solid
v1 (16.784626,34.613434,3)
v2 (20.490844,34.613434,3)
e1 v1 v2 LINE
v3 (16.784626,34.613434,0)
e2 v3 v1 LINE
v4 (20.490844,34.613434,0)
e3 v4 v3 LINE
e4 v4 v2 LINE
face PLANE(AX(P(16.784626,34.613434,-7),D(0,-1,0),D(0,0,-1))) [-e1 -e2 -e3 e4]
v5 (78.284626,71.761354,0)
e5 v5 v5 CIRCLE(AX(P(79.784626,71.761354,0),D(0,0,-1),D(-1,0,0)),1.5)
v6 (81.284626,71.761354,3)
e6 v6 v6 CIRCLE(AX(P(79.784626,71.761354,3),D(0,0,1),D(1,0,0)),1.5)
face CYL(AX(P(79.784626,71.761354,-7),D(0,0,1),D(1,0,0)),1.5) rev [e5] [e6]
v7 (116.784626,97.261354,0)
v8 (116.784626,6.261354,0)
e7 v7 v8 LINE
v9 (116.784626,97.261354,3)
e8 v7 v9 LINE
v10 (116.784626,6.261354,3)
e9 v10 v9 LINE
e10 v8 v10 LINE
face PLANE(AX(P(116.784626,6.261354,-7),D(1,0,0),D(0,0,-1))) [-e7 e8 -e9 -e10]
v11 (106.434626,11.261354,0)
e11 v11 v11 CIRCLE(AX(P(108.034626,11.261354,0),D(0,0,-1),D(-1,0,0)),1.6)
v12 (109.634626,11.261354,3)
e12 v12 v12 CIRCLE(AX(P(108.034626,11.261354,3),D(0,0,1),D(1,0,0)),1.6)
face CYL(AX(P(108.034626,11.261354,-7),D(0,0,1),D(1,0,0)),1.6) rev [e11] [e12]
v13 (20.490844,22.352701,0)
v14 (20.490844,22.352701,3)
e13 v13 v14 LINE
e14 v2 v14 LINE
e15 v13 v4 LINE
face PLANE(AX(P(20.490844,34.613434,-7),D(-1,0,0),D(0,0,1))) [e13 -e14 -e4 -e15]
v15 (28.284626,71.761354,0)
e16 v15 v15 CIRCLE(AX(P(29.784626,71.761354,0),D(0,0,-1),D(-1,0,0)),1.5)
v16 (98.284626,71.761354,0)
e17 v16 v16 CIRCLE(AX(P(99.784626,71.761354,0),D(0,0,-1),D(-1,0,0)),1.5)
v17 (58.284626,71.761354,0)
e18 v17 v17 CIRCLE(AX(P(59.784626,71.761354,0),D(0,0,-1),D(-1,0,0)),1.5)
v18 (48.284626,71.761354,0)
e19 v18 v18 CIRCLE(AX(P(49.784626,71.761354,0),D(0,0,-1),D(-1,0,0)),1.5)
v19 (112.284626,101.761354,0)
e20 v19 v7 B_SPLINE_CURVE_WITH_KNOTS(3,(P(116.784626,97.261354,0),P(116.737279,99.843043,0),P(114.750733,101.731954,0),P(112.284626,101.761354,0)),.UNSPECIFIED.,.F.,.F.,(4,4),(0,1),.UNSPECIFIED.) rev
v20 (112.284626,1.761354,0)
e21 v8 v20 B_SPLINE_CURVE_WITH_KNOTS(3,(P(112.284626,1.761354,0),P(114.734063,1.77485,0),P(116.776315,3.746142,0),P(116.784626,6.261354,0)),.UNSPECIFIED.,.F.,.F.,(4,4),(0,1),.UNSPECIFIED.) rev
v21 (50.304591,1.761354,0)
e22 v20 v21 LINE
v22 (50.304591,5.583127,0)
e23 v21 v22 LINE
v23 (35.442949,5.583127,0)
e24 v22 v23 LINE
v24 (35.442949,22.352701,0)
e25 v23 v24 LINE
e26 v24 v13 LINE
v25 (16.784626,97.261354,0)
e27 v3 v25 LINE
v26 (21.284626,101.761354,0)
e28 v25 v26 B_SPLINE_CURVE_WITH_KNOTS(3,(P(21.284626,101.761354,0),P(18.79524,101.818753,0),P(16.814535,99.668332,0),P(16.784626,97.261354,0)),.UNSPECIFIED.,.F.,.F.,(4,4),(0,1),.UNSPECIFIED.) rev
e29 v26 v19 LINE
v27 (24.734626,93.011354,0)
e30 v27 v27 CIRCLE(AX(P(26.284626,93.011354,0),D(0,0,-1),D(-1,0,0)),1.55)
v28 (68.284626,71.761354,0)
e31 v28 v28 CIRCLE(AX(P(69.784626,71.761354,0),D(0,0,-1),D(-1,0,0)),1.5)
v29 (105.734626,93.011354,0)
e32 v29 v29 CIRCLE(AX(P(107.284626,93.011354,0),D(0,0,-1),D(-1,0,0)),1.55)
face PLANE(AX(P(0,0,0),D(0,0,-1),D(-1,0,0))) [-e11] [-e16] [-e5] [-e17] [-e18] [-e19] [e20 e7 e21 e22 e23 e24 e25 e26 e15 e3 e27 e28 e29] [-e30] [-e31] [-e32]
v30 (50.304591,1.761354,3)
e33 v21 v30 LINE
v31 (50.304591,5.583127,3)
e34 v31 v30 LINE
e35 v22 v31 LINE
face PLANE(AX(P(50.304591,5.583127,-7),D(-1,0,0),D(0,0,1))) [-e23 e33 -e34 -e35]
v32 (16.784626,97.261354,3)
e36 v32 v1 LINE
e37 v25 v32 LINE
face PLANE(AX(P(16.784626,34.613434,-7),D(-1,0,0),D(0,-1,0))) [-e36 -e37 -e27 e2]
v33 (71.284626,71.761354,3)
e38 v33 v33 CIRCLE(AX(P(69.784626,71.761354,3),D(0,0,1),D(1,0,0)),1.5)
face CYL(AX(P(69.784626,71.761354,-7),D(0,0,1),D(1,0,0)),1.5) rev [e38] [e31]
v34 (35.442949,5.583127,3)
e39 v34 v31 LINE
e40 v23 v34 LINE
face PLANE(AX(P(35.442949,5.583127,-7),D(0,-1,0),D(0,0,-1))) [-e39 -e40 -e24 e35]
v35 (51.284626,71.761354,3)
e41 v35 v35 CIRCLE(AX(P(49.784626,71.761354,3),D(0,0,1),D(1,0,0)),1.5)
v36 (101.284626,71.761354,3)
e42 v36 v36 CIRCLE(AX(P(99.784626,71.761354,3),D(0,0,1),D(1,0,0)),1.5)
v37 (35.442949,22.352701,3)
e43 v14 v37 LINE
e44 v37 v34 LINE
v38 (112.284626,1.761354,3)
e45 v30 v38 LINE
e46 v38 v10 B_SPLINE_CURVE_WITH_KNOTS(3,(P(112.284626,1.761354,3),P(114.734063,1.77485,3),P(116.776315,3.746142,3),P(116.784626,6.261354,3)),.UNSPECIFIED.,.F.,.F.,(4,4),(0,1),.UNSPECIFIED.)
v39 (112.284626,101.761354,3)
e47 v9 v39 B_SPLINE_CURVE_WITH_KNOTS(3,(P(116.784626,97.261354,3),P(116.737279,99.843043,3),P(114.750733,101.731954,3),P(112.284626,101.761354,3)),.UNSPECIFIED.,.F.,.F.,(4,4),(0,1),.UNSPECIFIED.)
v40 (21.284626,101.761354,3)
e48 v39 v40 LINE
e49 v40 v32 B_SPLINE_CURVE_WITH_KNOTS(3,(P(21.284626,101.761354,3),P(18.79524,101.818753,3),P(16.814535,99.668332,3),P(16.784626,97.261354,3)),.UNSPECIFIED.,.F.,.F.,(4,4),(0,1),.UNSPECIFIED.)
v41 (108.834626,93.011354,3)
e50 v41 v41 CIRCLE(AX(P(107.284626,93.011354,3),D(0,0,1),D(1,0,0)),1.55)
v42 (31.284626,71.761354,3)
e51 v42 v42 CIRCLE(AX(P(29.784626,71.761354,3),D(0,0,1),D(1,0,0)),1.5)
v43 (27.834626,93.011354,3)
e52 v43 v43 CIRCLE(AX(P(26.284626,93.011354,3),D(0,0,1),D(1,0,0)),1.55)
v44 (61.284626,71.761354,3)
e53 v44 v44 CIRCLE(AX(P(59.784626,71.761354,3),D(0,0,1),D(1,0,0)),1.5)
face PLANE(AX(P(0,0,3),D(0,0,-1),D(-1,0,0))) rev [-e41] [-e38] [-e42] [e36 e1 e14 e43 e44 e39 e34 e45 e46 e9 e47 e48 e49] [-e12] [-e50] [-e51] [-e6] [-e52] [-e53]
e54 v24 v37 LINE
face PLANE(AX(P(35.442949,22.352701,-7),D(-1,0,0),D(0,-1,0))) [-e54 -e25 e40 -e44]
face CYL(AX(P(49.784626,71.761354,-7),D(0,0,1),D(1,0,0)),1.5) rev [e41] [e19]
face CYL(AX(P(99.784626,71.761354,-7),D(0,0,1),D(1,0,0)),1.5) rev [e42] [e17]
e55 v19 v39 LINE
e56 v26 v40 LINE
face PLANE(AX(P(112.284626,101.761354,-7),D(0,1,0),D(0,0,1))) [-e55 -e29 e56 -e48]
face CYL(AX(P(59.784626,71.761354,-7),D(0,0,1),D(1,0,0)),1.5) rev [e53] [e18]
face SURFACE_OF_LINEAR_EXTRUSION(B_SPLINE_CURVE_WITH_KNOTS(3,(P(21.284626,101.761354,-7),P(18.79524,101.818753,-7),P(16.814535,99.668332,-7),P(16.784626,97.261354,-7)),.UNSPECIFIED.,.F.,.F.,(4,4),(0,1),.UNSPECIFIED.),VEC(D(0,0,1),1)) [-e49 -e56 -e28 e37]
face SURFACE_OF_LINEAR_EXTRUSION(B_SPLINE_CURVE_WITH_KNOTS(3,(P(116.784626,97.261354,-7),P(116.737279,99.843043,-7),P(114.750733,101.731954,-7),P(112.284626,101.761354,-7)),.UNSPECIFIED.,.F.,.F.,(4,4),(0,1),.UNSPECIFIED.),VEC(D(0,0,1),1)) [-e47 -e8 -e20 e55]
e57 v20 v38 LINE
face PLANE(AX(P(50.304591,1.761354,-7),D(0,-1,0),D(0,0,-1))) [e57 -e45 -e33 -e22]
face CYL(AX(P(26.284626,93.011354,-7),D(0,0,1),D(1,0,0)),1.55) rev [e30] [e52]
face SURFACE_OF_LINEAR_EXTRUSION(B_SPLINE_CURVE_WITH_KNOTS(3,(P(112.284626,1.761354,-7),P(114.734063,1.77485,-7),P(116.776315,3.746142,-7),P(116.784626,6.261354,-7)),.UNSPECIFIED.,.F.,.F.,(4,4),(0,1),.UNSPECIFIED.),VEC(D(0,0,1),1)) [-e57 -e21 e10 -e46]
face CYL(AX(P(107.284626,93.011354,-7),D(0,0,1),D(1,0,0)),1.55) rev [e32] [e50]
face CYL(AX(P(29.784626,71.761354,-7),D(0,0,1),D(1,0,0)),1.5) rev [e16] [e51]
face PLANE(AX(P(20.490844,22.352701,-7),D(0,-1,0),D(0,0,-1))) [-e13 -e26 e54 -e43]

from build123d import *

# Parameters (mm, degrees)
SKETCH1_W           = 127.279746886
SKETCH1_H           = 103.580209895
BOSS_EXTRUDE1_DEPTH = 3
SKETCH4_W           = 136.608236075
SKETCH4_H           = 109.831739099
CUT_EXTRUDE2_DEPTH  = 10
SKETCH5_R           = 1.55
SKETCH5_R_2         = 1.6
CUT_EXTRUDE3_DEPTH  = 10
SKETCH6_R           = 1.5
CUT_EXTRUDE4_DEPTH  = 10


with BuildPart() as part:
    # Sketch1 → Boss-Extrude1 (new body)
    with BuildSketch(Plane.XY):
        with Locations((63.639873443, 51.790104948)):
            Rectangle(SKETCH1_W, SKETCH1_H)
    extrude(amount=BOSS_EXTRUDE1_DEPTH)

    # Sketch4 → Cut-Extrude2 (cut)
    with BuildSketch(Plane.XY.offset(3)):
        with Locations((62.542352249, 51.998881619)):
            Rectangle(SKETCH4_W, SKETCH4_H)
        with BuildLine():
            Line((16.784625535, 34.613434216), (16.784625535, 97.261353998))
            add(Edge.make_bspline(
                [(16.784625535, 97.261353998), (16.814535165, 99.668332355), (18.795239635, 101.818752837), (21.284625535, 101.761353998)],
                knots=[0, 0, 0, 0, 1, 1, 1, 1], degree=3))
            Line((21.284625535, 101.761353998), (112.284625535, 101.761353998))
            add(Edge.make_bspline(
                [(112.284625535, 101.761353998), (114.750732895, 101.731954246), (116.737279379, 99.843042628), (116.784625535, 97.261353998)],
                knots=[0, 0, 0, 0, 1, 1, 1, 1], degree=3))
            Line((116.784625535, 97.261353998), (116.784625535, 6.261353998))
            add(Edge.make_bspline(
                [(116.784625535, 6.261353998), (116.776314504, 3.746141668), (114.734063303, 1.774849688), (112.284625535, 1.761353998)],
                knots=[0, 0, 0, 0, 1, 1, 1, 1], degree=3))
            Line((112.284625535, 1.761353998), (50.304591007, 1.761353998))
            Line((50.304591007, 1.761353998), (50.304591007, 5.583127479))
            Line((50.304591007, 5.583127479), (35.442949081, 5.583127479))
            Line((35.442949081, 5.583127479), (35.442949081, 22.35270073))
            Line((35.442949081, 22.35270073), (20.490844042, 22.35270073))
            Line((20.490844042, 22.35270073), (20.490844042, 34.613434216))
            Line((20.490844042, 34.613434216), (16.784625535, 34.613434216))
        make_face(mode=Mode.SUBTRACT)
    extrude(amount=-CUT_EXTRUDE2_DEPTH, mode=Mode.SUBTRACT)

    # Sketch5 → Cut-Extrude3 (cut)
    with BuildSketch(Plane.XY.offset(3)):
        with Locations((26.284625535, 93.011353998)):
            Circle(SKETCH5_R)
        with Locations((107.284625535, 93.011353998)):
            Circle(SKETCH5_R)
        with Locations((108.034625535, 11.261353998)):
            Circle(SKETCH5_R_2)
    extrude(amount=-CUT_EXTRUDE3_DEPTH, mode=Mode.SUBTRACT)

    # Sketch6 → Cut-Extrude4 (cut)
    with BuildSketch(Plane.XY.offset(3)):
        with Locations((29.784625535, 71.761353998)):
            Circle(SKETCH6_R)
        with Locations((49.784625535, 71.761353998)):
            Circle(SKETCH6_R)
        with Locations((59.784625535, 71.761353998)):
            Circle(SKETCH6_R)
        with Locations((69.784625535, 71.761353998)):
            Circle(SKETCH6_R)
        with Locations((79.784625535, 71.761353998)):
            Circle(SKETCH6_R)
        with Locations((99.784625535, 71.761353998)):
            Circle(SKETCH6_R)
    extrude(amount=-CUT_EXTRUDE4_DEPTH, mode=Mode.SUBTRACT)


solid = part.part
